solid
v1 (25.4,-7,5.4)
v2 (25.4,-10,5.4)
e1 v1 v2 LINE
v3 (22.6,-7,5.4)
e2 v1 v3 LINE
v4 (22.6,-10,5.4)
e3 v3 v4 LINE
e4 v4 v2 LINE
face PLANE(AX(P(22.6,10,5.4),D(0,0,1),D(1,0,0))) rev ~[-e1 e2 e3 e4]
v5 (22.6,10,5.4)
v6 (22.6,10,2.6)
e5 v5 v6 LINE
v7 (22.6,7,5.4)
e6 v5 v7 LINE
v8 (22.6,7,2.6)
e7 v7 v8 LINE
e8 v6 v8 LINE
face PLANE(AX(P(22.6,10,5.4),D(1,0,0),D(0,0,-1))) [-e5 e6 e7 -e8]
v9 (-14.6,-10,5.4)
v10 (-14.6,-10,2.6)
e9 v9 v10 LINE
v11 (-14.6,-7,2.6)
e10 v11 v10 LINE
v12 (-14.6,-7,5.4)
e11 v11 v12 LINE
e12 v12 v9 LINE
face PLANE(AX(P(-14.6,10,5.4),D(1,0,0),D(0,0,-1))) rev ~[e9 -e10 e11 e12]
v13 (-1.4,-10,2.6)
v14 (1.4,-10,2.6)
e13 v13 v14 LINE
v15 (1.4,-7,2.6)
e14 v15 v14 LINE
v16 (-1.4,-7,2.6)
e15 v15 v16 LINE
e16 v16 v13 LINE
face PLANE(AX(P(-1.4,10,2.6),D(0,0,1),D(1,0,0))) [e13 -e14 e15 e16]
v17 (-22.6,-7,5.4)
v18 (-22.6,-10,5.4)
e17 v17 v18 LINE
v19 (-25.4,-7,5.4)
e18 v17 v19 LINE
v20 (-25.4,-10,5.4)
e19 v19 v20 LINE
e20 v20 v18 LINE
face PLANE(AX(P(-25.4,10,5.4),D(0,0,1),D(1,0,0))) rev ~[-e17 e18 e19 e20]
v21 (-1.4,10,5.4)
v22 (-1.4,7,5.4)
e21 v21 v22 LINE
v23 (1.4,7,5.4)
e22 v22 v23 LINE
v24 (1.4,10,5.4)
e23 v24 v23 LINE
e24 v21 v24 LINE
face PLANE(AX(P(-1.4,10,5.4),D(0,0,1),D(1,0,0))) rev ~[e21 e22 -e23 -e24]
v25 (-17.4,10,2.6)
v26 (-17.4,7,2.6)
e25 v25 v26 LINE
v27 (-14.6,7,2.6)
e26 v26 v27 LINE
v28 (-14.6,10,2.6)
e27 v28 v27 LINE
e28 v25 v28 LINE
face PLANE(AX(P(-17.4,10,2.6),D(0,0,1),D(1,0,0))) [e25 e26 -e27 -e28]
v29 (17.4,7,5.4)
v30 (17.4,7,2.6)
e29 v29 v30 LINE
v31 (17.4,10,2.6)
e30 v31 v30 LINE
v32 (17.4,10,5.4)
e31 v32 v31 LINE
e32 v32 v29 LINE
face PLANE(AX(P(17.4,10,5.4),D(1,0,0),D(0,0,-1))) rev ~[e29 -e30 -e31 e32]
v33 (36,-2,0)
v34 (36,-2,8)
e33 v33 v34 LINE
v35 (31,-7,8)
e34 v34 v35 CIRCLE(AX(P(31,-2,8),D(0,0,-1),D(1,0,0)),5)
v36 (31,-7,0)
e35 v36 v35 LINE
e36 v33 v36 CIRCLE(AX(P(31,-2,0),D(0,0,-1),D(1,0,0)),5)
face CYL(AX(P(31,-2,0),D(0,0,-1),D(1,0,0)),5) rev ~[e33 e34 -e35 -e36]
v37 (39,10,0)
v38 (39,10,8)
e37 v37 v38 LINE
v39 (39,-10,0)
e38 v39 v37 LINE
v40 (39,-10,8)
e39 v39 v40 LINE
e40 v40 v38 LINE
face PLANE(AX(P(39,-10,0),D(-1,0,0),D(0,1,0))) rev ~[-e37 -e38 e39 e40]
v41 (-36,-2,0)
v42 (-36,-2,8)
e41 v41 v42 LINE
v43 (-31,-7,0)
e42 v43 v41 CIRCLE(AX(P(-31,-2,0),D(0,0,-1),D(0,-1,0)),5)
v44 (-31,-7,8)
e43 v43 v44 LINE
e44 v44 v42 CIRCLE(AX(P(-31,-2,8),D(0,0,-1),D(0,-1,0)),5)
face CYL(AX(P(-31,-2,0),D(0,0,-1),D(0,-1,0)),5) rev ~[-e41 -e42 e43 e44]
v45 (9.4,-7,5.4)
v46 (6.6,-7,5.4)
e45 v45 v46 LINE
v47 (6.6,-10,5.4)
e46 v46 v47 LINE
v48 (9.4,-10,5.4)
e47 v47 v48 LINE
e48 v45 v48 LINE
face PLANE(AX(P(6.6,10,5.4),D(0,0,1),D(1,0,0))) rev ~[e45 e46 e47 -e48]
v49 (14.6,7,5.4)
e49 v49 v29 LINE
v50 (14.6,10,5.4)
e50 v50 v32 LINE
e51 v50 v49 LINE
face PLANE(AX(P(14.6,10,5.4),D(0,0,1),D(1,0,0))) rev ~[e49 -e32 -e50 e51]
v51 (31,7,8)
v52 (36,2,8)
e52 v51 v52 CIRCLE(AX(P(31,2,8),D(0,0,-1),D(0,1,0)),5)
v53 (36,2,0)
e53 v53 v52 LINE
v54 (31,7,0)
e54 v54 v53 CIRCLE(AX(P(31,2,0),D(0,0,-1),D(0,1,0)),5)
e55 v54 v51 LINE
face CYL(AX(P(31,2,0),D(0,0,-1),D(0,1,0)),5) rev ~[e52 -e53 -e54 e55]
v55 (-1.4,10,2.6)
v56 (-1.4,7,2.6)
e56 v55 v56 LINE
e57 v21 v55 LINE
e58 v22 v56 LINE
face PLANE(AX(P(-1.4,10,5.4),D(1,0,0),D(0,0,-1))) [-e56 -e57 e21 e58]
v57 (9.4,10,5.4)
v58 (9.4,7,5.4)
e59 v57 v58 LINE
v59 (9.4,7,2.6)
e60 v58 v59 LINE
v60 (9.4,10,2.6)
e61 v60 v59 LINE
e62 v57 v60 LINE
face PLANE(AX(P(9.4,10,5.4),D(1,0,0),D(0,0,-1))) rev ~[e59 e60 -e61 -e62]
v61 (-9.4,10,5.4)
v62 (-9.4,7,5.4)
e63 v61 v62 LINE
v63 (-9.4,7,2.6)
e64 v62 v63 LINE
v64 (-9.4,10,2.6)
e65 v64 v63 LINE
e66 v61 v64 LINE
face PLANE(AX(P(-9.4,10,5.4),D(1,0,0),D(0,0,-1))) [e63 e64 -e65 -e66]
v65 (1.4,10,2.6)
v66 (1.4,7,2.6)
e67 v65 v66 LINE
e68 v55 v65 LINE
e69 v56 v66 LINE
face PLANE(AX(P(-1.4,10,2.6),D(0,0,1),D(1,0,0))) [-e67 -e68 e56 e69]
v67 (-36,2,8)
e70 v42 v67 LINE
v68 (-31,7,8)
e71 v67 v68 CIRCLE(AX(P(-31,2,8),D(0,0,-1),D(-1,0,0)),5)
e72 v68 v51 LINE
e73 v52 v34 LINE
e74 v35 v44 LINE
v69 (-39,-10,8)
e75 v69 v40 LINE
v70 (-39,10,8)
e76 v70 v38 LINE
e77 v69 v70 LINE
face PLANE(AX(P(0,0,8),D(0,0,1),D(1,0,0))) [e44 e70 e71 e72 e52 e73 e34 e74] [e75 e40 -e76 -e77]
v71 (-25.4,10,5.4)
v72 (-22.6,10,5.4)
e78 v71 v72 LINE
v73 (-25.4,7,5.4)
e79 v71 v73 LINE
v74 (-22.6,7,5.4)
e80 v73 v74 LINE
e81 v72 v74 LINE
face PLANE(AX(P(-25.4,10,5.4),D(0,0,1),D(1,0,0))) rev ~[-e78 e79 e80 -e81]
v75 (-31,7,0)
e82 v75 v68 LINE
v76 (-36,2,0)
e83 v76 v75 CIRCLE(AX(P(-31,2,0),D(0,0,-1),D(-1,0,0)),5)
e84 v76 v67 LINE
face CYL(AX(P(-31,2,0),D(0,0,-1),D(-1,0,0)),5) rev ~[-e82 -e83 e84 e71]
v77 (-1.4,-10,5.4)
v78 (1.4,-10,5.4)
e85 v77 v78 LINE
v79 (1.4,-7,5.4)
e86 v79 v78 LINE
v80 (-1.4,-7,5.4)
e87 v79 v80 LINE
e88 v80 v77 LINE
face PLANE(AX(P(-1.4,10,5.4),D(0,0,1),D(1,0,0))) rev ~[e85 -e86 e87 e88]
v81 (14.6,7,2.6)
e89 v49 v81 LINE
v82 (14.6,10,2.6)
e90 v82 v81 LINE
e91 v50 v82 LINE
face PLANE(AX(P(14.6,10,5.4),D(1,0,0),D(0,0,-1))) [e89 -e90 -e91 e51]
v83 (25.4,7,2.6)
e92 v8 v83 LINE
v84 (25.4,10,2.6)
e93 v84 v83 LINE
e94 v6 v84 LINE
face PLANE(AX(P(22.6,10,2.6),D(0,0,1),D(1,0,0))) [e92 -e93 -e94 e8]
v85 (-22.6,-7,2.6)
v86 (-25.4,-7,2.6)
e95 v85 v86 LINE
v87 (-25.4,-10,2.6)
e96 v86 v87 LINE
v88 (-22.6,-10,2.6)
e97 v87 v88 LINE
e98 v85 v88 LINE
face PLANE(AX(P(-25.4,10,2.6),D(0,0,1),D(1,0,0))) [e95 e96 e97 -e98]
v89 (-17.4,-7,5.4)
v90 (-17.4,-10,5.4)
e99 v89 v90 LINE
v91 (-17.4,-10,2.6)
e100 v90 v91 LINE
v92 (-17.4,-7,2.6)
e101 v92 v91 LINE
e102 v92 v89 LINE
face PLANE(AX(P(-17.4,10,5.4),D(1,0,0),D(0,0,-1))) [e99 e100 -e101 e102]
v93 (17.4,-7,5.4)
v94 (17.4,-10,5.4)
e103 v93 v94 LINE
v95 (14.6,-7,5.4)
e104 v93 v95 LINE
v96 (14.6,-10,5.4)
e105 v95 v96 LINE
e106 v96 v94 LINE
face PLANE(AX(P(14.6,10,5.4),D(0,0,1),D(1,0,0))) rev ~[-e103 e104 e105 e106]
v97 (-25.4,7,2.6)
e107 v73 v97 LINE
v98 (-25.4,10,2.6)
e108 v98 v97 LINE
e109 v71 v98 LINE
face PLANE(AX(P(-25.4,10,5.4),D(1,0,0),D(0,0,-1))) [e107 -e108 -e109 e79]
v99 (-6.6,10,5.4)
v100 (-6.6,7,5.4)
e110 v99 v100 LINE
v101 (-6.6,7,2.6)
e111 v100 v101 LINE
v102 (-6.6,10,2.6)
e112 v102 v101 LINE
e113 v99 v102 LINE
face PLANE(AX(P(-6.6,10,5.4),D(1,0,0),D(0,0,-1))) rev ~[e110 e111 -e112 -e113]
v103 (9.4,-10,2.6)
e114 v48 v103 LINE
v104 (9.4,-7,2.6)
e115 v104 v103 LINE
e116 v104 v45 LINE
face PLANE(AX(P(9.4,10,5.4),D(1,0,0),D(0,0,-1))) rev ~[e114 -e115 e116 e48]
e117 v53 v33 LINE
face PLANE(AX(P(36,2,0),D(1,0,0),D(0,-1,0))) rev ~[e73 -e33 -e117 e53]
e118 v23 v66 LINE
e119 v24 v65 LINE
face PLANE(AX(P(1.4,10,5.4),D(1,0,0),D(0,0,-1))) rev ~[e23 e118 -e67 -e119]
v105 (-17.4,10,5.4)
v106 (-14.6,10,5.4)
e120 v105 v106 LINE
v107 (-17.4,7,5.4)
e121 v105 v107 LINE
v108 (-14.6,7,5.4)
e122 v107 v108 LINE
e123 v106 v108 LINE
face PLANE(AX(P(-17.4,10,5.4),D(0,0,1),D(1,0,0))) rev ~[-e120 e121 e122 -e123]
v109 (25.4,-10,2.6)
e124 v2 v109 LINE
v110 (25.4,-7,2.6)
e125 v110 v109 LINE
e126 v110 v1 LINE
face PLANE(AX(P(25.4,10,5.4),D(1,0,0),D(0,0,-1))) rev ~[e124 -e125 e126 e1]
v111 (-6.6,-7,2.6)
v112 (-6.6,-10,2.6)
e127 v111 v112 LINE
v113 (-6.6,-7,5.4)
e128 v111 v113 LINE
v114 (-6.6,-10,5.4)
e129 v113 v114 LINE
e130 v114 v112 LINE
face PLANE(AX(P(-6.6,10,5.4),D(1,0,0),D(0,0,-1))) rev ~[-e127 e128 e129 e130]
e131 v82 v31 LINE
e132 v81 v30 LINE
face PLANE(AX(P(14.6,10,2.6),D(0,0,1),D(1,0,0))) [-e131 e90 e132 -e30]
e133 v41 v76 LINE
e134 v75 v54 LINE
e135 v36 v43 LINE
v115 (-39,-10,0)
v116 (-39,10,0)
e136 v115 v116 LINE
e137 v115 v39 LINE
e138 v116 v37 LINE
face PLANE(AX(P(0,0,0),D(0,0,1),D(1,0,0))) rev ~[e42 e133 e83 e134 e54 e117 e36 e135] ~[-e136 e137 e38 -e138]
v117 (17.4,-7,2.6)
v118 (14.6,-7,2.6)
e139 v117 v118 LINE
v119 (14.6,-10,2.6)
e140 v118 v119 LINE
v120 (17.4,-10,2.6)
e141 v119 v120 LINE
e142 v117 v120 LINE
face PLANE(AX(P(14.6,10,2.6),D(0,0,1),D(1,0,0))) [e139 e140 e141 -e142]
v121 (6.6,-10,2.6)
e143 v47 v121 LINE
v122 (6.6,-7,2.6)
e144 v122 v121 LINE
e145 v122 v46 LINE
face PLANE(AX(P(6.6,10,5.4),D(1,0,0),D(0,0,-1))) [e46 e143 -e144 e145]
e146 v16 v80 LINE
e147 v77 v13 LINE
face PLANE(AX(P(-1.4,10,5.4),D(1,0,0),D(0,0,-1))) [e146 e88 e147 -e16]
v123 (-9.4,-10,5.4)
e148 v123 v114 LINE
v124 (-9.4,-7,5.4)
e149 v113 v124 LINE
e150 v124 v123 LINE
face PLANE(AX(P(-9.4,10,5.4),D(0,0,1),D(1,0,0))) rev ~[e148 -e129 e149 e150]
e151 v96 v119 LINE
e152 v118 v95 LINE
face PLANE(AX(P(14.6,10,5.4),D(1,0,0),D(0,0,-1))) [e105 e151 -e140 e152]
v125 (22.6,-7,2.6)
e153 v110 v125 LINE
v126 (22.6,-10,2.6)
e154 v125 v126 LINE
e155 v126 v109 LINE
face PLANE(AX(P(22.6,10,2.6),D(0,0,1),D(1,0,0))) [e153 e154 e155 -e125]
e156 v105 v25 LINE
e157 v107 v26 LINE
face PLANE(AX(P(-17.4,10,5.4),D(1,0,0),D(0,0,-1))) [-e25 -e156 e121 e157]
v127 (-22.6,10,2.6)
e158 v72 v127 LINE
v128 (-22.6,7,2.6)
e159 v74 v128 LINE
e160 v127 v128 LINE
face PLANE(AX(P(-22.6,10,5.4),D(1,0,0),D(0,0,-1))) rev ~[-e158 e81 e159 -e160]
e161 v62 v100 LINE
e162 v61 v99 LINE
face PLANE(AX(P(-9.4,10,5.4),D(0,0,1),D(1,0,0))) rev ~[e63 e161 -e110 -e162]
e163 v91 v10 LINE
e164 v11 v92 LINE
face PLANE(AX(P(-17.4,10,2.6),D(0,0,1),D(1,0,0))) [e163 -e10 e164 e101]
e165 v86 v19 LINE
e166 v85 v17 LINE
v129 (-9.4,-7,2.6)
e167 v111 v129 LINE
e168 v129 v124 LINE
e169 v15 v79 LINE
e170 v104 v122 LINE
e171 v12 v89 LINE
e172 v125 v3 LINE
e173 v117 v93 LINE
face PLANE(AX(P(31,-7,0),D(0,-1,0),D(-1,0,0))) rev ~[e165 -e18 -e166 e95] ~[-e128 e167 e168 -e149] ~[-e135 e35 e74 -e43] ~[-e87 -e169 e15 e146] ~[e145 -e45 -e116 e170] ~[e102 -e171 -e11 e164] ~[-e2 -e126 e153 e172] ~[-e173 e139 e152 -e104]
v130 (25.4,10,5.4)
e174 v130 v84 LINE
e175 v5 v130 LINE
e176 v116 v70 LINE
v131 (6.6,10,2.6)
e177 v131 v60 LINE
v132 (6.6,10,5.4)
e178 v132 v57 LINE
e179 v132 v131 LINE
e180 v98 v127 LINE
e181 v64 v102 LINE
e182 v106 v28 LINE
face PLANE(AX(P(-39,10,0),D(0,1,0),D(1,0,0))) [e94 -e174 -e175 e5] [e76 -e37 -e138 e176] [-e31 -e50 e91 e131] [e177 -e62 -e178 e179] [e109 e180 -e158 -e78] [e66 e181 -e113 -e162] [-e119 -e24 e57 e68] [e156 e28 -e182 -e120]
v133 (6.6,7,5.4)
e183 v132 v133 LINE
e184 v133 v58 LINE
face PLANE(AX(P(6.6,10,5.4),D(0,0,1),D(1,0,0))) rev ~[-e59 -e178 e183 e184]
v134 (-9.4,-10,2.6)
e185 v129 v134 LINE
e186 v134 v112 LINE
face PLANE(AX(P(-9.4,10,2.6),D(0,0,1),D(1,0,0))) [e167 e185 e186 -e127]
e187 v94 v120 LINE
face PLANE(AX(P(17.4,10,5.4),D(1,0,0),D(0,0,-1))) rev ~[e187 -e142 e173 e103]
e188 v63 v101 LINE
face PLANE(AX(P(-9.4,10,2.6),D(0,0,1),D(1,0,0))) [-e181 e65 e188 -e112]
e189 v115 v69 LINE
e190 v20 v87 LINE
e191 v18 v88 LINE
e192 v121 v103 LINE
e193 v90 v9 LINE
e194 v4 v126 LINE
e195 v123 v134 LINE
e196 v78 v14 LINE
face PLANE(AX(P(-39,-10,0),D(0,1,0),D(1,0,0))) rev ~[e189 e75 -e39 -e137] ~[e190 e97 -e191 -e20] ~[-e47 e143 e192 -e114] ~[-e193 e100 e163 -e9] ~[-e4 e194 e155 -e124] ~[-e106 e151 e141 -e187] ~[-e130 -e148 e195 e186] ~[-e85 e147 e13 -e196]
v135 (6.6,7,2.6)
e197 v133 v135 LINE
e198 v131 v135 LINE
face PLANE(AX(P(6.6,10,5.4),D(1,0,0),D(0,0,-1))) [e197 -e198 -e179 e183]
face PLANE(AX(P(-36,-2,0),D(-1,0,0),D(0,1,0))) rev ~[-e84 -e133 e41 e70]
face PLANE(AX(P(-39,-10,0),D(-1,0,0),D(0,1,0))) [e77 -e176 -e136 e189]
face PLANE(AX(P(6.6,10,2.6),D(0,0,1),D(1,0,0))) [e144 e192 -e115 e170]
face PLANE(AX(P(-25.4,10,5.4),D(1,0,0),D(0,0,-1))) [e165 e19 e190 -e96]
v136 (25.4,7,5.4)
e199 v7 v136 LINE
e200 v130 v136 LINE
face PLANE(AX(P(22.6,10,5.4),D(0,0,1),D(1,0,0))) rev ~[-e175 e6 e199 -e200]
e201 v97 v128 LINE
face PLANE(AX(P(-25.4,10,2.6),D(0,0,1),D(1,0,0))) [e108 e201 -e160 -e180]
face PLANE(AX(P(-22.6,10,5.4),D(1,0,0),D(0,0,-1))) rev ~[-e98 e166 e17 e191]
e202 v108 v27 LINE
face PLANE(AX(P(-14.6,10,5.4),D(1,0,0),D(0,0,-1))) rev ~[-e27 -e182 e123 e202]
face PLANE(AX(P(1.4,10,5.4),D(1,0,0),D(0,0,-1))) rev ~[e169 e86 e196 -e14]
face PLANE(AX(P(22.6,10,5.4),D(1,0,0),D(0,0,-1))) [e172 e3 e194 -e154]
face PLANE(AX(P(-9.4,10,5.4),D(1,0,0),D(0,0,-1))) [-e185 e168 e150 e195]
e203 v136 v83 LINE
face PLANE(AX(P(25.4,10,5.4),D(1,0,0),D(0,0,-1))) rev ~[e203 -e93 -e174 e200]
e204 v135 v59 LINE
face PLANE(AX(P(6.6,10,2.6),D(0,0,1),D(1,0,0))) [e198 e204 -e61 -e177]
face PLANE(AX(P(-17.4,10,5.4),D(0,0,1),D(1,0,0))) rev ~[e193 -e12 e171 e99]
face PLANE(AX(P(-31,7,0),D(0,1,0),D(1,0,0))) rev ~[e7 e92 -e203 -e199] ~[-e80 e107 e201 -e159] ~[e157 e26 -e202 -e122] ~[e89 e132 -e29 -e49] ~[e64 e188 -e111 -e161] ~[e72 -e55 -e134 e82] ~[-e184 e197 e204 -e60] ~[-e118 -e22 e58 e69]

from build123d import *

# Parameters (mm, degrees)
ESBO_O1_W                = 78
ESBO_O1_H                = 20
RESSALTO_EXTRUS_O1_DEPTH = 8
ESBO_O2_W                = 2.8
ESBO_O2_H                = 2.8
CORTE_EXTRUS_O1_DEPTH    = 45.55333882


with BuildPart() as part:
    # Esboço1 → Ressalto-extrusão1 (new body)
    with BuildSketch(Plane.XY):
        Rectangle(ESBO_O1_W, ESBO_O1_H)
        with BuildLine():
            Line((-31, 7), (31, 7))
            ThreePointArc((31, 7), (34.535533906, 5.535533906), (36, 2))
            Line((36, 2), (36, -2))
            ThreePointArc((36, -2), (34.535533906, -5.535533906), (31, -7))
            Line((31, -7), (-31, -7))
            ThreePointArc((-31, -7), (-34.535533906, -5.535533906), (-36, -2))
            Line((-36, -2), (-36, 2))
            ThreePointArc((-36, 2), (-34.535533906, 5.535533906), (-31, 7))
        make_face(mode=Mode.SUBTRACT)
    extrude(amount=RESSALTO_EXTRUS_O1_DEPTH)

    # Esboço2 → Corte-extrusão1 (cut, through all)
    with BuildSketch(Plane(origin=(0, 10, 0), x_dir=(1, 0, 0), z_dir=(0, 1, 0))):
        with Locations((-8, -4)):
            Rectangle(ESBO_O2_W, ESBO_O2_H)
        with Locations((0, -4)):
            Rectangle(ESBO_O2_W, ESBO_O2_H)
        with Locations((-16, -4)):
            Rectangle(ESBO_O2_W, ESBO_O2_H)
        with Locations((-24, -4)):
            Rectangle(ESBO_O2_W, ESBO_O2_H)
        with Locations((24, -4)):
            Rectangle(ESBO_O2_W, ESBO_O2_H)
        with Locations((16, -4)):
            Rectangle(ESBO_O2_W, ESBO_O2_H)
        with Locations((8, -4)):
            Rectangle(ESBO_O2_W, ESBO_O2_H)
    extrude(amount=-CORTE_EXTRUS_O1_DEPTH, mode=Mode.SUBTRACT)


solid = part.part
